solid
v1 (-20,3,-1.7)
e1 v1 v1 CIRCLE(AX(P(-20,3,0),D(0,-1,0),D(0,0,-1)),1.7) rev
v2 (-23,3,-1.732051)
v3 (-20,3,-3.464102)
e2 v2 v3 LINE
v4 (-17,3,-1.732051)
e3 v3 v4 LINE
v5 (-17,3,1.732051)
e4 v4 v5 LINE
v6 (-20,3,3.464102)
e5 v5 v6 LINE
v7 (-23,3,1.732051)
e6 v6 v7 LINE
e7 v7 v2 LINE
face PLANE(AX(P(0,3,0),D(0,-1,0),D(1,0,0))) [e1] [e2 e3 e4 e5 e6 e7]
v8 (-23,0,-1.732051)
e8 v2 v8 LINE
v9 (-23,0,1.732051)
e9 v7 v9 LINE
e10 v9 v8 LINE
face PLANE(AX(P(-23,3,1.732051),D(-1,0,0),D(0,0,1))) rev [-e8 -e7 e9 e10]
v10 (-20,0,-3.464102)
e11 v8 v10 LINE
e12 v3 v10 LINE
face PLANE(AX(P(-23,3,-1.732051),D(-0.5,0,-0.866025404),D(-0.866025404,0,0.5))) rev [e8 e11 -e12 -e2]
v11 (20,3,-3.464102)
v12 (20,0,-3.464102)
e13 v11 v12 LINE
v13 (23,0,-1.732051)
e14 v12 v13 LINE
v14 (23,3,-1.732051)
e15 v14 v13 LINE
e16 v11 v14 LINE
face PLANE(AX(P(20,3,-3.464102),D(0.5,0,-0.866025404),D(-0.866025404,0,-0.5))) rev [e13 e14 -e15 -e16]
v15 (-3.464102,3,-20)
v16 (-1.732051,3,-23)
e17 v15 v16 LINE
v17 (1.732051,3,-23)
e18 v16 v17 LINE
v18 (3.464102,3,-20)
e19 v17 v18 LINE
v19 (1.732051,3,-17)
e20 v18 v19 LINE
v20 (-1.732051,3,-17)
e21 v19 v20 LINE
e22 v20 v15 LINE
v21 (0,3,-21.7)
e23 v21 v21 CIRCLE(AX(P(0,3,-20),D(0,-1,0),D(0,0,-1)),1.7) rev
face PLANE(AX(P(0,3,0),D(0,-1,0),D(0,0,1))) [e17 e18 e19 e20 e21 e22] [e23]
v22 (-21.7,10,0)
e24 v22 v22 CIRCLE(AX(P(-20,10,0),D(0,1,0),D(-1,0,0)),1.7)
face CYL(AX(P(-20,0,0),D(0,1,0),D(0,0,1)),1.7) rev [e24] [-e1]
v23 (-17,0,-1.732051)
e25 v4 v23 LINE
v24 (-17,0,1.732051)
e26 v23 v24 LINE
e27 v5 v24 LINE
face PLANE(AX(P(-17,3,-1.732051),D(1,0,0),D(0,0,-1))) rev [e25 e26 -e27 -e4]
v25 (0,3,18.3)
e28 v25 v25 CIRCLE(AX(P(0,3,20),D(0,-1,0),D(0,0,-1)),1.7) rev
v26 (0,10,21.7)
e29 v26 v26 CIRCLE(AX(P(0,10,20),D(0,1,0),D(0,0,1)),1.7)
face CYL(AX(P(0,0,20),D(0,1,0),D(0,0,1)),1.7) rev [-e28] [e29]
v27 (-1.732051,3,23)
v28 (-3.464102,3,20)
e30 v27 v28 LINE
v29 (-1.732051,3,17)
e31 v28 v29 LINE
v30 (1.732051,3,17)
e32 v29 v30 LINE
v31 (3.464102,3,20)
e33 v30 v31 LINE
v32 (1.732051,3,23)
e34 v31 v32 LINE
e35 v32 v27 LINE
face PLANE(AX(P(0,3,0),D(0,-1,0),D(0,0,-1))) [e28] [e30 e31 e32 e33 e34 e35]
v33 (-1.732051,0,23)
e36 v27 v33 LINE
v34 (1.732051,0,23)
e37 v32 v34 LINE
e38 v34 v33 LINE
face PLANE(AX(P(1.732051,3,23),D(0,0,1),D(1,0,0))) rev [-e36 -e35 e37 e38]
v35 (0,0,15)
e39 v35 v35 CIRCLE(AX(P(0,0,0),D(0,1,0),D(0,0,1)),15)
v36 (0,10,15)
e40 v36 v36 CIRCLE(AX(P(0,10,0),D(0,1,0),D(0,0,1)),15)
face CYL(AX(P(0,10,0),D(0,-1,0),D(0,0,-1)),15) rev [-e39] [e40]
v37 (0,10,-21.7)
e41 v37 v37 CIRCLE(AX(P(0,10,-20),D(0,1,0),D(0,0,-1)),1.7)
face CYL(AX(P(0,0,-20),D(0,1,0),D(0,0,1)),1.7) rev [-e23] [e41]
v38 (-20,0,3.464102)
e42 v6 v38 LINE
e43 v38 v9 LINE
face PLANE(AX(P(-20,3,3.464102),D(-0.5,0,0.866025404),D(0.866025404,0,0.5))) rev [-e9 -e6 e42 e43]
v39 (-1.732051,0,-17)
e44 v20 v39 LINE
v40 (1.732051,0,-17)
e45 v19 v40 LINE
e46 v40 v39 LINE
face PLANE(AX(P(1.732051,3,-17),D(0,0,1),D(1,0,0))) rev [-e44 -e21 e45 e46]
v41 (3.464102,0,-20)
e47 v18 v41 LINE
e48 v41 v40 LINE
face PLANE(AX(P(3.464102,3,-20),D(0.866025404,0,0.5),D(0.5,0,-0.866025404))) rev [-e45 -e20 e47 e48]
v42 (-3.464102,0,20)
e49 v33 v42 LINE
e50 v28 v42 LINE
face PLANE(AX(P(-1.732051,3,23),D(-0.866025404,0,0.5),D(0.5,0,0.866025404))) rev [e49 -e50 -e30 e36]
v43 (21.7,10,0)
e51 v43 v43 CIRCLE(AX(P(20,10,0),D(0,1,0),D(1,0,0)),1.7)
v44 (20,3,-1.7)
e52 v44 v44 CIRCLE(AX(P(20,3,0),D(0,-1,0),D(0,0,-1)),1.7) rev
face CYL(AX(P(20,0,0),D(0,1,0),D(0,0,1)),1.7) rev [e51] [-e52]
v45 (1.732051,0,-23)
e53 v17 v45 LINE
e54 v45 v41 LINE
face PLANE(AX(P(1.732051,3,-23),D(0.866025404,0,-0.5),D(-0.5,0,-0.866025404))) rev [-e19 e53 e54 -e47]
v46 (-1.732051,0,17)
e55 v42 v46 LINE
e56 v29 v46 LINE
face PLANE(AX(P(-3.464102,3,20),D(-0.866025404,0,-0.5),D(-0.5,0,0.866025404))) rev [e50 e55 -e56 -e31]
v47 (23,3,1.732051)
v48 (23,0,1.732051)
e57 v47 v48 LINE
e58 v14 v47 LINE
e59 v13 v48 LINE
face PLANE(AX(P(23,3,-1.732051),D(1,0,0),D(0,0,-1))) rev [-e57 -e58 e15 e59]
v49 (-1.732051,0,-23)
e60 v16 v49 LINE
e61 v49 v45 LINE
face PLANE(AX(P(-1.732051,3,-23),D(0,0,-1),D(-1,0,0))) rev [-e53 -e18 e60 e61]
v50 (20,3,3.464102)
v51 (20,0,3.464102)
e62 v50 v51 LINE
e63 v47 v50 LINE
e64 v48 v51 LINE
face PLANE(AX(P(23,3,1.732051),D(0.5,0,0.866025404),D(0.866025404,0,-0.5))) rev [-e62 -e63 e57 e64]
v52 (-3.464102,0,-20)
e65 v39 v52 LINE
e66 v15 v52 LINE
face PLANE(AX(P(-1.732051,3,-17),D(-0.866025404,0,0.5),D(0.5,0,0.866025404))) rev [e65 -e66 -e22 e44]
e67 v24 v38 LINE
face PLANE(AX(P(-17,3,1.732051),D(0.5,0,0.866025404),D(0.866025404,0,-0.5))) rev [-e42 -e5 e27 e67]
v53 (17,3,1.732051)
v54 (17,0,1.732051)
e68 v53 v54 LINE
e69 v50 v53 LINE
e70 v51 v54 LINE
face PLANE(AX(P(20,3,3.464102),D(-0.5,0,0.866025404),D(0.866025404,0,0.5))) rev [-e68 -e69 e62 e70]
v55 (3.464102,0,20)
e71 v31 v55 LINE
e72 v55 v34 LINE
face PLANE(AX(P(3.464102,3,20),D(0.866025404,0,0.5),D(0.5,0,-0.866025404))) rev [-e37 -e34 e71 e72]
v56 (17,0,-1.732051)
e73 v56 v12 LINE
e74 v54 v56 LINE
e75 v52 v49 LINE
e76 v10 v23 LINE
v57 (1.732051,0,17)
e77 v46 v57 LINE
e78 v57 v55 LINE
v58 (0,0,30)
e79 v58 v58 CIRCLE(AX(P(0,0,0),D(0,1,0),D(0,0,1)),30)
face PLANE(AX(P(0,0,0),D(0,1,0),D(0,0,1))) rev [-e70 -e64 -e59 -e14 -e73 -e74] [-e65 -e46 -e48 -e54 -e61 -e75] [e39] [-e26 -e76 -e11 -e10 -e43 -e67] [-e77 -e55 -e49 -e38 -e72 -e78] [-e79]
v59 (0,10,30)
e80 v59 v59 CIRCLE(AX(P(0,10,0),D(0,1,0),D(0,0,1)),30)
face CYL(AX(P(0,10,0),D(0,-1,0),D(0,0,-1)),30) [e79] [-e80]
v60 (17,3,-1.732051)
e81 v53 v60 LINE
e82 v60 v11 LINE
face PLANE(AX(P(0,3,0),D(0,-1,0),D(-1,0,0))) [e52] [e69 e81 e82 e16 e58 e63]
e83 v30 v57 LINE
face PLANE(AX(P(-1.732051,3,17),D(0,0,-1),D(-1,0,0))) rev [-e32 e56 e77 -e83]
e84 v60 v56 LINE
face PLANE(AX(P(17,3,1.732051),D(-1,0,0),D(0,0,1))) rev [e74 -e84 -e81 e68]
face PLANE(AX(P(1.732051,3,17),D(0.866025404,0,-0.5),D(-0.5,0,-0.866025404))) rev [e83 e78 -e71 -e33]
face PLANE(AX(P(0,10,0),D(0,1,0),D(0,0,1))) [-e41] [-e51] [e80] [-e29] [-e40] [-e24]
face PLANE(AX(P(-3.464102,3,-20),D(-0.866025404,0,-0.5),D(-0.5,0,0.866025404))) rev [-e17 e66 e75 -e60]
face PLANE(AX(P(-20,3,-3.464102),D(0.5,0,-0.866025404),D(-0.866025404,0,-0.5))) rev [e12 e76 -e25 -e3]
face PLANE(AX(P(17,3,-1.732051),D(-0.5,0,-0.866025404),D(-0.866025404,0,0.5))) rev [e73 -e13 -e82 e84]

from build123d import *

# Parameters (mm, degrees)
SKETCH1_R           = 30
SKETCH1_R_2         = 15
BOSS_EXTRUDE1_DEPTH = 10
SKETCH2_R           = 1.7
CUT_EXTRUDE1_DEPTH  = 44.588989435
CUT_EXTRUDE2_DEPTH  = 3
CIRPATTERN1_COUNT   = 4


with BuildPart() as part:
    # Sketch1 → Boss-Extrude1 (new body)
    with BuildSketch(Plane(origin=(0, 0, 0), x_dir=(1, 0, 0), z_dir=(0, 1, 0))):
        with Locations(Location((0, 0, 0), (0, 0, 270))):
            Circle(SKETCH1_R)
        with Locations(Location((0, 0, 0), (0, 0, 270))):
            Circle(SKETCH1_R_2, mode=Mode.SUBTRACT)
    extrude(amount=BOSS_EXTRUDE1_DEPTH)

    # Sketch2 → Cut-Extrude1 (cut, through all)
    with BuildSketch(Plane(origin=(0, 10, 0), x_dir=(1, 0, 0), z_dir=(0, 1, 0))):
        with Locations(Location((0, -20, 0), (0, 0, 270))):
            Circle(SKETCH2_R)
    cut_extrude1 = extrude(amount=-CUT_EXTRUDE1_DEPTH, mode=Mode.SUBTRACT)

    # Sketch3 → Cut-Extrude2 (cut)
    with BuildSketch(Plane.XZ):
        Polygon((3.464101615, 20), (1.732050808, 23), (-1.732050808, 23), (-3.464101615, 20), (-1.732050808, 17), (1.732050808, 17), align=None)
    cut_extrude2 = extrude(amount=-CUT_EXTRUDE2_DEPTH, mode=Mode.SUBTRACT)

    # CirPattern1: Cut-Extrude1, Cut-Extrude2 ×4 about axis
    cirpattern1_axis = Axis((0, 0, 0), (0, 1, 0))
    add([cut_extrude1.rotate(cirpattern1_axis, i * 360 / CIRPATTERN1_COUNT) for i in range(1, CIRPATTERN1_COUNT)], mode=Mode.SUBTRACT)
    add([cut_extrude2.rotate(cirpattern1_axis, i * 360 / CIRPATTERN1_COUNT) for i in range(1, CIRPATTERN1_COUNT)], mode=Mode.SUBTRACT)


solid = part.part
